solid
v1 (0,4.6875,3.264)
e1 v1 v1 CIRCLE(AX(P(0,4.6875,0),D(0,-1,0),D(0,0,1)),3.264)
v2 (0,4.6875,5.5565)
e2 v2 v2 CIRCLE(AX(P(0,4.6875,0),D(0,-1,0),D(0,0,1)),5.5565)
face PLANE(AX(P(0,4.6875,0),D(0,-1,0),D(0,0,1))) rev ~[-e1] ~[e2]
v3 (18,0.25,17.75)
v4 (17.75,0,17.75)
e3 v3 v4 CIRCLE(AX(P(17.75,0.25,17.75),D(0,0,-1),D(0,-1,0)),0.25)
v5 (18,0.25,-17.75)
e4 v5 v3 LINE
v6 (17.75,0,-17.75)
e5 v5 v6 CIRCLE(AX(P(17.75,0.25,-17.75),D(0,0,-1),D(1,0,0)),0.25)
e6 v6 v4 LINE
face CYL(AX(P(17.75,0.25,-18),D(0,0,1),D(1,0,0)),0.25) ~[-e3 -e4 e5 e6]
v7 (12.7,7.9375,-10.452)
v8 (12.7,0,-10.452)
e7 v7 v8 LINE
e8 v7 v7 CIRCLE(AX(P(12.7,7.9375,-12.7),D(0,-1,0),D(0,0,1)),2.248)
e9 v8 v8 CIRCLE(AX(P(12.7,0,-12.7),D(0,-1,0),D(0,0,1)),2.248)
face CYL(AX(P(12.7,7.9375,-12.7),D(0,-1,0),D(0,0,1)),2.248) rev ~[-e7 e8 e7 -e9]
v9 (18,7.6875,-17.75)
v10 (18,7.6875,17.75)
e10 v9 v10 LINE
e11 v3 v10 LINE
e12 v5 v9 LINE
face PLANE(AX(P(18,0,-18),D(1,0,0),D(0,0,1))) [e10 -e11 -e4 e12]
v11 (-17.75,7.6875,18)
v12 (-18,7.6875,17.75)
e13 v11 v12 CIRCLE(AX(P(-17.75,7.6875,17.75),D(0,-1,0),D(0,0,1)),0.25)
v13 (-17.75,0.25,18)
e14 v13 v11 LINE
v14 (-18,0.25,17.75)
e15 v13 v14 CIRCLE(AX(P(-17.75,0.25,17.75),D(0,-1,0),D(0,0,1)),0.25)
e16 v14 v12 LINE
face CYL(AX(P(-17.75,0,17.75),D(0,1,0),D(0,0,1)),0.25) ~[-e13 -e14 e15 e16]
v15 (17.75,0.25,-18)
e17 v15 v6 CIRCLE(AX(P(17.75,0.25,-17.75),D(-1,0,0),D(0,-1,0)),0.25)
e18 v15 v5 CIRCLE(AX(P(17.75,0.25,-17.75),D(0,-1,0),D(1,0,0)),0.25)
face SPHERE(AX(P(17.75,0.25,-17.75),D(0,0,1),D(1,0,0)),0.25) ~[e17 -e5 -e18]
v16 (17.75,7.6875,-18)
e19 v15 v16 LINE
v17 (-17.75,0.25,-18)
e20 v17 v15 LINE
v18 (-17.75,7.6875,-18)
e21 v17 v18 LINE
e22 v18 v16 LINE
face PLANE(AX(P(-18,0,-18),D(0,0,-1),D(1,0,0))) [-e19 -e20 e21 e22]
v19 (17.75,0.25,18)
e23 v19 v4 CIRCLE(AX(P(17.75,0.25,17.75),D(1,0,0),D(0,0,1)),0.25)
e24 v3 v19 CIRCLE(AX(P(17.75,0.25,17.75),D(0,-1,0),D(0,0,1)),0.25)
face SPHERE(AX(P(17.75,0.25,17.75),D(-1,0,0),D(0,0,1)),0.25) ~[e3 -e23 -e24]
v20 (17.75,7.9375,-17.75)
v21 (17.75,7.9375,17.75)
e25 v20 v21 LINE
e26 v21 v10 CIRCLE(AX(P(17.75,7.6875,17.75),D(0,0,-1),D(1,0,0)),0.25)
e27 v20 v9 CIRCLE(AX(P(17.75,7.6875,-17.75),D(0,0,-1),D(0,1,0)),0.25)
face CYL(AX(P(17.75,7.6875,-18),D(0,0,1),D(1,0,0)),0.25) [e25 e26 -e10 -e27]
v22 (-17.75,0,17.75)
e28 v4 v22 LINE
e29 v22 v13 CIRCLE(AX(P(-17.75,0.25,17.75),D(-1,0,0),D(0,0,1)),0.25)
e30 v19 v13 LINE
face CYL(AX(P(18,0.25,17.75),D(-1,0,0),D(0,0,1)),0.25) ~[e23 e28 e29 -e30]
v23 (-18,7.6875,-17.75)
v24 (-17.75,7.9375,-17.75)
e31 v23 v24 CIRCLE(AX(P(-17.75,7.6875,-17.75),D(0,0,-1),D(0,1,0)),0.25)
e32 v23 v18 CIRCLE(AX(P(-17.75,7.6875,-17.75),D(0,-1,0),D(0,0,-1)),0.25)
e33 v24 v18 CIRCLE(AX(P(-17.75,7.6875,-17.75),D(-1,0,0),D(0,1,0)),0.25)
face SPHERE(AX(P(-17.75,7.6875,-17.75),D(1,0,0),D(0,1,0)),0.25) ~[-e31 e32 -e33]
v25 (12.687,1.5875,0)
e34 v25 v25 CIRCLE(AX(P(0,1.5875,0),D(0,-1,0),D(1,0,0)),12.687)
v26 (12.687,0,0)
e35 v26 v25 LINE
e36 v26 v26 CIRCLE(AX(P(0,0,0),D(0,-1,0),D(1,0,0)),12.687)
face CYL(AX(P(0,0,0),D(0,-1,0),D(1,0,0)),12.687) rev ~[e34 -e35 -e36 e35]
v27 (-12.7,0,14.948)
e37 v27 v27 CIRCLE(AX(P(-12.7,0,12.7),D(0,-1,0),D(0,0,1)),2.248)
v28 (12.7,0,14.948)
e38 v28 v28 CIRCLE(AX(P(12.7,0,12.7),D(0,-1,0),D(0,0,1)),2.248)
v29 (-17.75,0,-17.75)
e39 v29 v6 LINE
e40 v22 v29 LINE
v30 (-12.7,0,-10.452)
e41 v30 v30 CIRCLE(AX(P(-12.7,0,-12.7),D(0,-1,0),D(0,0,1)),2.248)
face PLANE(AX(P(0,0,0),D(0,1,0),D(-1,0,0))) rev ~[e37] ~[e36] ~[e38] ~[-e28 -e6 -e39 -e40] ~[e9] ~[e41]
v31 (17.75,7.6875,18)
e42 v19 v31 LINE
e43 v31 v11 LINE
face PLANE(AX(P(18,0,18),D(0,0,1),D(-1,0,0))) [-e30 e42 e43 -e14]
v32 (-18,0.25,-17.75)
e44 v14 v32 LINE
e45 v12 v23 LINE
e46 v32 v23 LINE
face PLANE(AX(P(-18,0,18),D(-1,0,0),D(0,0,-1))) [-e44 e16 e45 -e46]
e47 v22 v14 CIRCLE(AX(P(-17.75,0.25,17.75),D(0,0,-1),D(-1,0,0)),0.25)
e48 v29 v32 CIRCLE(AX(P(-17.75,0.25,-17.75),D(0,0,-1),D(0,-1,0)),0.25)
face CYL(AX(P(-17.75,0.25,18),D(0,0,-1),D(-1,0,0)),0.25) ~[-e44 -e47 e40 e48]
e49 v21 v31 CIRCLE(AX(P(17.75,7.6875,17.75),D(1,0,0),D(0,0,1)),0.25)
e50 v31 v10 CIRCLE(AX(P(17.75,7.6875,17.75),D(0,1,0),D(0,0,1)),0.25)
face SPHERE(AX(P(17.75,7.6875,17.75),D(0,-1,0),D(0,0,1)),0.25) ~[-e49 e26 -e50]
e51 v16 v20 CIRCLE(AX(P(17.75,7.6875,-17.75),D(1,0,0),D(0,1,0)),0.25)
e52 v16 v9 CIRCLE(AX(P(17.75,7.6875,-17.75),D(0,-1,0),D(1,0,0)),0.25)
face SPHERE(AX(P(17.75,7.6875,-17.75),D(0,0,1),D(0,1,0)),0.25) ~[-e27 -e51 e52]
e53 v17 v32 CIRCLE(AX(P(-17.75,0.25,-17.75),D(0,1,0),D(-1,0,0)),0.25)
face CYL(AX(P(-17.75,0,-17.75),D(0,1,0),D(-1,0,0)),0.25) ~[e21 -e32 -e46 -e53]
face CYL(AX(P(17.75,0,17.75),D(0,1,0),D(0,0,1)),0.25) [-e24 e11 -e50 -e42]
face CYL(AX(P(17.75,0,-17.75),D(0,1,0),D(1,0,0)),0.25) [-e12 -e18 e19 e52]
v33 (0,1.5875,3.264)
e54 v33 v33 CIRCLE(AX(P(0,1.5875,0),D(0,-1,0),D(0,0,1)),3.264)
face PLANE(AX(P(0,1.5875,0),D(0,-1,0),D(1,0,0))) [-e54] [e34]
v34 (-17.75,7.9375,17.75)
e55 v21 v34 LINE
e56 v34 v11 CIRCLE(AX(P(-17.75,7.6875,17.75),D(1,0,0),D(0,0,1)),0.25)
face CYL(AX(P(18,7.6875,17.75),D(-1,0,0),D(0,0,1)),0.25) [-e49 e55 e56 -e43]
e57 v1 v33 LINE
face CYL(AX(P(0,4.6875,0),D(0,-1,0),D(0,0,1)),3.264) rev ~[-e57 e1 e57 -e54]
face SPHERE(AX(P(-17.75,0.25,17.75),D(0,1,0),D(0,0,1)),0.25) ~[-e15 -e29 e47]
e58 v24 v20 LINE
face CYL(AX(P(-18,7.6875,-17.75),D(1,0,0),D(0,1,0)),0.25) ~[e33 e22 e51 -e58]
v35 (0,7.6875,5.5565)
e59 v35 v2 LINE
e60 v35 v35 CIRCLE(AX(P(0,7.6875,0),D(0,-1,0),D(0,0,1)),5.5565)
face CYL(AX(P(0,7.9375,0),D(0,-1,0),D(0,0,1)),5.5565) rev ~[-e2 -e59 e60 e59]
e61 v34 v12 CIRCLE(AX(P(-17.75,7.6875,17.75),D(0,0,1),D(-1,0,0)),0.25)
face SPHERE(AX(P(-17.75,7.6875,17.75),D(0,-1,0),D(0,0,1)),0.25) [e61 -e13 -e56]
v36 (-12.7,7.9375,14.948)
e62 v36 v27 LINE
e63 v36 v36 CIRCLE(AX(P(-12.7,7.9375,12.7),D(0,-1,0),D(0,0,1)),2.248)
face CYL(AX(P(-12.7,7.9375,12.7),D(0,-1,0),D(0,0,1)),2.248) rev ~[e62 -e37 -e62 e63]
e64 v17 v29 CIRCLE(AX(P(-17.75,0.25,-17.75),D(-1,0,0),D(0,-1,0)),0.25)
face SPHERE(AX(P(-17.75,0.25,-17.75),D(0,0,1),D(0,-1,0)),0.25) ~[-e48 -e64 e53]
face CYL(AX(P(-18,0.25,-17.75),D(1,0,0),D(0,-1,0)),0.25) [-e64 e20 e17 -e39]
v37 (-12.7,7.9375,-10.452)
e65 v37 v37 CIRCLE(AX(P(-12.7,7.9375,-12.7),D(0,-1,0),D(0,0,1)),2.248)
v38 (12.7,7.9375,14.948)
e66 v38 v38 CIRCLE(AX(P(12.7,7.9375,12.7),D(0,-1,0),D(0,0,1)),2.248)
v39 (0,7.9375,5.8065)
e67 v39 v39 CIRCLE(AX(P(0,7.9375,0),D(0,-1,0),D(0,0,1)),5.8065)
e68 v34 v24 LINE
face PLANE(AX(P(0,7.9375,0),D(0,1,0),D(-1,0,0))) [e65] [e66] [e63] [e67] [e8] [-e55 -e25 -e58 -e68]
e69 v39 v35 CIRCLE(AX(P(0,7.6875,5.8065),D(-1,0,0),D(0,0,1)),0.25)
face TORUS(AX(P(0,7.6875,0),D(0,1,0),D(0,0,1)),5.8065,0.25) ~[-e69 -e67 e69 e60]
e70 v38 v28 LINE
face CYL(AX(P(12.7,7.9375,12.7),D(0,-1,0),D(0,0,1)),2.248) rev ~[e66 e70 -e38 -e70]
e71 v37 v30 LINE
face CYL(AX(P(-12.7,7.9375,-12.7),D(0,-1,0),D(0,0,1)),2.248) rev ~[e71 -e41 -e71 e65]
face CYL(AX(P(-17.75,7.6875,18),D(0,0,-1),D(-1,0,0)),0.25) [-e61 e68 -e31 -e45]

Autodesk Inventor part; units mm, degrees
ref_plane "YZ Plane" through (0, 0, 0) normal (1, 0, 0) x (0, 1, 0)
ref_plane "XZ Plane" through (0, 0, 0) normal (0, 1, 0) x (-1, 0, 0)
ref_plane "XY Plane" through (0, 0, 0) normal (0, 0, 1) x (1, 0, 0)
sketch "Sketch1" plane through (0, 0, 0) normal (0, 1, 0) x (-1, 0, 0)
  line L0 (-18, 18) -> (18, 18)
  line L1 (18, 18) -> (18, -18)
  line L2 (18, -18) -> (-18, -18)
  line L3 (-18, -18) -> (-18, 18)
  line L4 (-18, 18) -> (18, -18) construction
  line L5 (18, 18) -> (-18, -18) construction
  point P0 (0, 0)
  dimension "d0" = 36
  dimension "d1" = 36
extrude "Extrusion1" add sketch "Sketch1" along normal blind 7.9375
sketch "Sketch3" plane through (0, 7.9375, 0) normal (0, 1, 0) x (1, 0, 0)
  line L0 (-12.7, -12.7) -> (12.7, -12.7) construction
  line L1 (12.7, -12.7) -> (12.7, 12.7) construction
  line L2 (12.7, 12.7) -> (-12.7, 12.7) construction
  line L3 (-12.7, 12.7) -> (-12.7, -12.7) construction
  line L4 (-12.7, -12.7) -> (12.7, 12.7) construction
  line L5 (12.7, -12.7) -> (-12.7, 12.7) construction
  point P0 (0, 0)
  dimension "d11" = 25.4
hole "Hole2" at (-12.7, 7.9375, -12.7) at (12.7, 7.9375, -12.7) at (-12.7, 7.9375, 12.7) at (12.7, 7.9375, 12.7) direction (0, -1, 0) diameter 4.496 depth 12.3 tip angle 118 clearance for "Flat Head Machine Screw (82)" size "#8" standard "Ansi Unified Screw Threads"
sketch "Sketch2" plane through (0, 7.9375, 0) normal (0, 1, 0) x (1, 0, 0)
  point P0 (0, 0)
  point P1 (0, 0)
hole "Hole1" at (0, 7.9375, 0) direction (0, -1, 0) diameter 6.528 end through all counterbore diameter 11.113 counterbore depth 3.25 clearance for "Socket Head Cap Screw" size "1/4" standard "Ansi Unified Screw Threads"
fillet "Fillet1" radius 0.25 12 edges at (-18, 3.9688, 18) (0, 0, 18) (18, 3.9688, 18) (0, 7.9375, 18) (18, 7.9375, 0) (0, 7.9375, -18) (-18, 7.9375, 0) (18, 0, 0) (18, 3.9688, -18) (-18, 0, 0) (0, 0, -18) (-18, 3.9688, -18)
fillet "Fillet2" radius 0.25 1 edges at (0, 7.9375, -5.5565)
sketch "Sketch4" plane through (0, 0, 0) normal (0, -1, 0) x (1, 0, 0)
  circle A0 centre (0, 0) radius 12.687
  dimension "d21" = 25.374
extrude "Extrusion2" cut sketch "Sketch4" against normal blind 1.5875
properties part number "ball-holder-to-post-adapter" material "ABS Plastic"
